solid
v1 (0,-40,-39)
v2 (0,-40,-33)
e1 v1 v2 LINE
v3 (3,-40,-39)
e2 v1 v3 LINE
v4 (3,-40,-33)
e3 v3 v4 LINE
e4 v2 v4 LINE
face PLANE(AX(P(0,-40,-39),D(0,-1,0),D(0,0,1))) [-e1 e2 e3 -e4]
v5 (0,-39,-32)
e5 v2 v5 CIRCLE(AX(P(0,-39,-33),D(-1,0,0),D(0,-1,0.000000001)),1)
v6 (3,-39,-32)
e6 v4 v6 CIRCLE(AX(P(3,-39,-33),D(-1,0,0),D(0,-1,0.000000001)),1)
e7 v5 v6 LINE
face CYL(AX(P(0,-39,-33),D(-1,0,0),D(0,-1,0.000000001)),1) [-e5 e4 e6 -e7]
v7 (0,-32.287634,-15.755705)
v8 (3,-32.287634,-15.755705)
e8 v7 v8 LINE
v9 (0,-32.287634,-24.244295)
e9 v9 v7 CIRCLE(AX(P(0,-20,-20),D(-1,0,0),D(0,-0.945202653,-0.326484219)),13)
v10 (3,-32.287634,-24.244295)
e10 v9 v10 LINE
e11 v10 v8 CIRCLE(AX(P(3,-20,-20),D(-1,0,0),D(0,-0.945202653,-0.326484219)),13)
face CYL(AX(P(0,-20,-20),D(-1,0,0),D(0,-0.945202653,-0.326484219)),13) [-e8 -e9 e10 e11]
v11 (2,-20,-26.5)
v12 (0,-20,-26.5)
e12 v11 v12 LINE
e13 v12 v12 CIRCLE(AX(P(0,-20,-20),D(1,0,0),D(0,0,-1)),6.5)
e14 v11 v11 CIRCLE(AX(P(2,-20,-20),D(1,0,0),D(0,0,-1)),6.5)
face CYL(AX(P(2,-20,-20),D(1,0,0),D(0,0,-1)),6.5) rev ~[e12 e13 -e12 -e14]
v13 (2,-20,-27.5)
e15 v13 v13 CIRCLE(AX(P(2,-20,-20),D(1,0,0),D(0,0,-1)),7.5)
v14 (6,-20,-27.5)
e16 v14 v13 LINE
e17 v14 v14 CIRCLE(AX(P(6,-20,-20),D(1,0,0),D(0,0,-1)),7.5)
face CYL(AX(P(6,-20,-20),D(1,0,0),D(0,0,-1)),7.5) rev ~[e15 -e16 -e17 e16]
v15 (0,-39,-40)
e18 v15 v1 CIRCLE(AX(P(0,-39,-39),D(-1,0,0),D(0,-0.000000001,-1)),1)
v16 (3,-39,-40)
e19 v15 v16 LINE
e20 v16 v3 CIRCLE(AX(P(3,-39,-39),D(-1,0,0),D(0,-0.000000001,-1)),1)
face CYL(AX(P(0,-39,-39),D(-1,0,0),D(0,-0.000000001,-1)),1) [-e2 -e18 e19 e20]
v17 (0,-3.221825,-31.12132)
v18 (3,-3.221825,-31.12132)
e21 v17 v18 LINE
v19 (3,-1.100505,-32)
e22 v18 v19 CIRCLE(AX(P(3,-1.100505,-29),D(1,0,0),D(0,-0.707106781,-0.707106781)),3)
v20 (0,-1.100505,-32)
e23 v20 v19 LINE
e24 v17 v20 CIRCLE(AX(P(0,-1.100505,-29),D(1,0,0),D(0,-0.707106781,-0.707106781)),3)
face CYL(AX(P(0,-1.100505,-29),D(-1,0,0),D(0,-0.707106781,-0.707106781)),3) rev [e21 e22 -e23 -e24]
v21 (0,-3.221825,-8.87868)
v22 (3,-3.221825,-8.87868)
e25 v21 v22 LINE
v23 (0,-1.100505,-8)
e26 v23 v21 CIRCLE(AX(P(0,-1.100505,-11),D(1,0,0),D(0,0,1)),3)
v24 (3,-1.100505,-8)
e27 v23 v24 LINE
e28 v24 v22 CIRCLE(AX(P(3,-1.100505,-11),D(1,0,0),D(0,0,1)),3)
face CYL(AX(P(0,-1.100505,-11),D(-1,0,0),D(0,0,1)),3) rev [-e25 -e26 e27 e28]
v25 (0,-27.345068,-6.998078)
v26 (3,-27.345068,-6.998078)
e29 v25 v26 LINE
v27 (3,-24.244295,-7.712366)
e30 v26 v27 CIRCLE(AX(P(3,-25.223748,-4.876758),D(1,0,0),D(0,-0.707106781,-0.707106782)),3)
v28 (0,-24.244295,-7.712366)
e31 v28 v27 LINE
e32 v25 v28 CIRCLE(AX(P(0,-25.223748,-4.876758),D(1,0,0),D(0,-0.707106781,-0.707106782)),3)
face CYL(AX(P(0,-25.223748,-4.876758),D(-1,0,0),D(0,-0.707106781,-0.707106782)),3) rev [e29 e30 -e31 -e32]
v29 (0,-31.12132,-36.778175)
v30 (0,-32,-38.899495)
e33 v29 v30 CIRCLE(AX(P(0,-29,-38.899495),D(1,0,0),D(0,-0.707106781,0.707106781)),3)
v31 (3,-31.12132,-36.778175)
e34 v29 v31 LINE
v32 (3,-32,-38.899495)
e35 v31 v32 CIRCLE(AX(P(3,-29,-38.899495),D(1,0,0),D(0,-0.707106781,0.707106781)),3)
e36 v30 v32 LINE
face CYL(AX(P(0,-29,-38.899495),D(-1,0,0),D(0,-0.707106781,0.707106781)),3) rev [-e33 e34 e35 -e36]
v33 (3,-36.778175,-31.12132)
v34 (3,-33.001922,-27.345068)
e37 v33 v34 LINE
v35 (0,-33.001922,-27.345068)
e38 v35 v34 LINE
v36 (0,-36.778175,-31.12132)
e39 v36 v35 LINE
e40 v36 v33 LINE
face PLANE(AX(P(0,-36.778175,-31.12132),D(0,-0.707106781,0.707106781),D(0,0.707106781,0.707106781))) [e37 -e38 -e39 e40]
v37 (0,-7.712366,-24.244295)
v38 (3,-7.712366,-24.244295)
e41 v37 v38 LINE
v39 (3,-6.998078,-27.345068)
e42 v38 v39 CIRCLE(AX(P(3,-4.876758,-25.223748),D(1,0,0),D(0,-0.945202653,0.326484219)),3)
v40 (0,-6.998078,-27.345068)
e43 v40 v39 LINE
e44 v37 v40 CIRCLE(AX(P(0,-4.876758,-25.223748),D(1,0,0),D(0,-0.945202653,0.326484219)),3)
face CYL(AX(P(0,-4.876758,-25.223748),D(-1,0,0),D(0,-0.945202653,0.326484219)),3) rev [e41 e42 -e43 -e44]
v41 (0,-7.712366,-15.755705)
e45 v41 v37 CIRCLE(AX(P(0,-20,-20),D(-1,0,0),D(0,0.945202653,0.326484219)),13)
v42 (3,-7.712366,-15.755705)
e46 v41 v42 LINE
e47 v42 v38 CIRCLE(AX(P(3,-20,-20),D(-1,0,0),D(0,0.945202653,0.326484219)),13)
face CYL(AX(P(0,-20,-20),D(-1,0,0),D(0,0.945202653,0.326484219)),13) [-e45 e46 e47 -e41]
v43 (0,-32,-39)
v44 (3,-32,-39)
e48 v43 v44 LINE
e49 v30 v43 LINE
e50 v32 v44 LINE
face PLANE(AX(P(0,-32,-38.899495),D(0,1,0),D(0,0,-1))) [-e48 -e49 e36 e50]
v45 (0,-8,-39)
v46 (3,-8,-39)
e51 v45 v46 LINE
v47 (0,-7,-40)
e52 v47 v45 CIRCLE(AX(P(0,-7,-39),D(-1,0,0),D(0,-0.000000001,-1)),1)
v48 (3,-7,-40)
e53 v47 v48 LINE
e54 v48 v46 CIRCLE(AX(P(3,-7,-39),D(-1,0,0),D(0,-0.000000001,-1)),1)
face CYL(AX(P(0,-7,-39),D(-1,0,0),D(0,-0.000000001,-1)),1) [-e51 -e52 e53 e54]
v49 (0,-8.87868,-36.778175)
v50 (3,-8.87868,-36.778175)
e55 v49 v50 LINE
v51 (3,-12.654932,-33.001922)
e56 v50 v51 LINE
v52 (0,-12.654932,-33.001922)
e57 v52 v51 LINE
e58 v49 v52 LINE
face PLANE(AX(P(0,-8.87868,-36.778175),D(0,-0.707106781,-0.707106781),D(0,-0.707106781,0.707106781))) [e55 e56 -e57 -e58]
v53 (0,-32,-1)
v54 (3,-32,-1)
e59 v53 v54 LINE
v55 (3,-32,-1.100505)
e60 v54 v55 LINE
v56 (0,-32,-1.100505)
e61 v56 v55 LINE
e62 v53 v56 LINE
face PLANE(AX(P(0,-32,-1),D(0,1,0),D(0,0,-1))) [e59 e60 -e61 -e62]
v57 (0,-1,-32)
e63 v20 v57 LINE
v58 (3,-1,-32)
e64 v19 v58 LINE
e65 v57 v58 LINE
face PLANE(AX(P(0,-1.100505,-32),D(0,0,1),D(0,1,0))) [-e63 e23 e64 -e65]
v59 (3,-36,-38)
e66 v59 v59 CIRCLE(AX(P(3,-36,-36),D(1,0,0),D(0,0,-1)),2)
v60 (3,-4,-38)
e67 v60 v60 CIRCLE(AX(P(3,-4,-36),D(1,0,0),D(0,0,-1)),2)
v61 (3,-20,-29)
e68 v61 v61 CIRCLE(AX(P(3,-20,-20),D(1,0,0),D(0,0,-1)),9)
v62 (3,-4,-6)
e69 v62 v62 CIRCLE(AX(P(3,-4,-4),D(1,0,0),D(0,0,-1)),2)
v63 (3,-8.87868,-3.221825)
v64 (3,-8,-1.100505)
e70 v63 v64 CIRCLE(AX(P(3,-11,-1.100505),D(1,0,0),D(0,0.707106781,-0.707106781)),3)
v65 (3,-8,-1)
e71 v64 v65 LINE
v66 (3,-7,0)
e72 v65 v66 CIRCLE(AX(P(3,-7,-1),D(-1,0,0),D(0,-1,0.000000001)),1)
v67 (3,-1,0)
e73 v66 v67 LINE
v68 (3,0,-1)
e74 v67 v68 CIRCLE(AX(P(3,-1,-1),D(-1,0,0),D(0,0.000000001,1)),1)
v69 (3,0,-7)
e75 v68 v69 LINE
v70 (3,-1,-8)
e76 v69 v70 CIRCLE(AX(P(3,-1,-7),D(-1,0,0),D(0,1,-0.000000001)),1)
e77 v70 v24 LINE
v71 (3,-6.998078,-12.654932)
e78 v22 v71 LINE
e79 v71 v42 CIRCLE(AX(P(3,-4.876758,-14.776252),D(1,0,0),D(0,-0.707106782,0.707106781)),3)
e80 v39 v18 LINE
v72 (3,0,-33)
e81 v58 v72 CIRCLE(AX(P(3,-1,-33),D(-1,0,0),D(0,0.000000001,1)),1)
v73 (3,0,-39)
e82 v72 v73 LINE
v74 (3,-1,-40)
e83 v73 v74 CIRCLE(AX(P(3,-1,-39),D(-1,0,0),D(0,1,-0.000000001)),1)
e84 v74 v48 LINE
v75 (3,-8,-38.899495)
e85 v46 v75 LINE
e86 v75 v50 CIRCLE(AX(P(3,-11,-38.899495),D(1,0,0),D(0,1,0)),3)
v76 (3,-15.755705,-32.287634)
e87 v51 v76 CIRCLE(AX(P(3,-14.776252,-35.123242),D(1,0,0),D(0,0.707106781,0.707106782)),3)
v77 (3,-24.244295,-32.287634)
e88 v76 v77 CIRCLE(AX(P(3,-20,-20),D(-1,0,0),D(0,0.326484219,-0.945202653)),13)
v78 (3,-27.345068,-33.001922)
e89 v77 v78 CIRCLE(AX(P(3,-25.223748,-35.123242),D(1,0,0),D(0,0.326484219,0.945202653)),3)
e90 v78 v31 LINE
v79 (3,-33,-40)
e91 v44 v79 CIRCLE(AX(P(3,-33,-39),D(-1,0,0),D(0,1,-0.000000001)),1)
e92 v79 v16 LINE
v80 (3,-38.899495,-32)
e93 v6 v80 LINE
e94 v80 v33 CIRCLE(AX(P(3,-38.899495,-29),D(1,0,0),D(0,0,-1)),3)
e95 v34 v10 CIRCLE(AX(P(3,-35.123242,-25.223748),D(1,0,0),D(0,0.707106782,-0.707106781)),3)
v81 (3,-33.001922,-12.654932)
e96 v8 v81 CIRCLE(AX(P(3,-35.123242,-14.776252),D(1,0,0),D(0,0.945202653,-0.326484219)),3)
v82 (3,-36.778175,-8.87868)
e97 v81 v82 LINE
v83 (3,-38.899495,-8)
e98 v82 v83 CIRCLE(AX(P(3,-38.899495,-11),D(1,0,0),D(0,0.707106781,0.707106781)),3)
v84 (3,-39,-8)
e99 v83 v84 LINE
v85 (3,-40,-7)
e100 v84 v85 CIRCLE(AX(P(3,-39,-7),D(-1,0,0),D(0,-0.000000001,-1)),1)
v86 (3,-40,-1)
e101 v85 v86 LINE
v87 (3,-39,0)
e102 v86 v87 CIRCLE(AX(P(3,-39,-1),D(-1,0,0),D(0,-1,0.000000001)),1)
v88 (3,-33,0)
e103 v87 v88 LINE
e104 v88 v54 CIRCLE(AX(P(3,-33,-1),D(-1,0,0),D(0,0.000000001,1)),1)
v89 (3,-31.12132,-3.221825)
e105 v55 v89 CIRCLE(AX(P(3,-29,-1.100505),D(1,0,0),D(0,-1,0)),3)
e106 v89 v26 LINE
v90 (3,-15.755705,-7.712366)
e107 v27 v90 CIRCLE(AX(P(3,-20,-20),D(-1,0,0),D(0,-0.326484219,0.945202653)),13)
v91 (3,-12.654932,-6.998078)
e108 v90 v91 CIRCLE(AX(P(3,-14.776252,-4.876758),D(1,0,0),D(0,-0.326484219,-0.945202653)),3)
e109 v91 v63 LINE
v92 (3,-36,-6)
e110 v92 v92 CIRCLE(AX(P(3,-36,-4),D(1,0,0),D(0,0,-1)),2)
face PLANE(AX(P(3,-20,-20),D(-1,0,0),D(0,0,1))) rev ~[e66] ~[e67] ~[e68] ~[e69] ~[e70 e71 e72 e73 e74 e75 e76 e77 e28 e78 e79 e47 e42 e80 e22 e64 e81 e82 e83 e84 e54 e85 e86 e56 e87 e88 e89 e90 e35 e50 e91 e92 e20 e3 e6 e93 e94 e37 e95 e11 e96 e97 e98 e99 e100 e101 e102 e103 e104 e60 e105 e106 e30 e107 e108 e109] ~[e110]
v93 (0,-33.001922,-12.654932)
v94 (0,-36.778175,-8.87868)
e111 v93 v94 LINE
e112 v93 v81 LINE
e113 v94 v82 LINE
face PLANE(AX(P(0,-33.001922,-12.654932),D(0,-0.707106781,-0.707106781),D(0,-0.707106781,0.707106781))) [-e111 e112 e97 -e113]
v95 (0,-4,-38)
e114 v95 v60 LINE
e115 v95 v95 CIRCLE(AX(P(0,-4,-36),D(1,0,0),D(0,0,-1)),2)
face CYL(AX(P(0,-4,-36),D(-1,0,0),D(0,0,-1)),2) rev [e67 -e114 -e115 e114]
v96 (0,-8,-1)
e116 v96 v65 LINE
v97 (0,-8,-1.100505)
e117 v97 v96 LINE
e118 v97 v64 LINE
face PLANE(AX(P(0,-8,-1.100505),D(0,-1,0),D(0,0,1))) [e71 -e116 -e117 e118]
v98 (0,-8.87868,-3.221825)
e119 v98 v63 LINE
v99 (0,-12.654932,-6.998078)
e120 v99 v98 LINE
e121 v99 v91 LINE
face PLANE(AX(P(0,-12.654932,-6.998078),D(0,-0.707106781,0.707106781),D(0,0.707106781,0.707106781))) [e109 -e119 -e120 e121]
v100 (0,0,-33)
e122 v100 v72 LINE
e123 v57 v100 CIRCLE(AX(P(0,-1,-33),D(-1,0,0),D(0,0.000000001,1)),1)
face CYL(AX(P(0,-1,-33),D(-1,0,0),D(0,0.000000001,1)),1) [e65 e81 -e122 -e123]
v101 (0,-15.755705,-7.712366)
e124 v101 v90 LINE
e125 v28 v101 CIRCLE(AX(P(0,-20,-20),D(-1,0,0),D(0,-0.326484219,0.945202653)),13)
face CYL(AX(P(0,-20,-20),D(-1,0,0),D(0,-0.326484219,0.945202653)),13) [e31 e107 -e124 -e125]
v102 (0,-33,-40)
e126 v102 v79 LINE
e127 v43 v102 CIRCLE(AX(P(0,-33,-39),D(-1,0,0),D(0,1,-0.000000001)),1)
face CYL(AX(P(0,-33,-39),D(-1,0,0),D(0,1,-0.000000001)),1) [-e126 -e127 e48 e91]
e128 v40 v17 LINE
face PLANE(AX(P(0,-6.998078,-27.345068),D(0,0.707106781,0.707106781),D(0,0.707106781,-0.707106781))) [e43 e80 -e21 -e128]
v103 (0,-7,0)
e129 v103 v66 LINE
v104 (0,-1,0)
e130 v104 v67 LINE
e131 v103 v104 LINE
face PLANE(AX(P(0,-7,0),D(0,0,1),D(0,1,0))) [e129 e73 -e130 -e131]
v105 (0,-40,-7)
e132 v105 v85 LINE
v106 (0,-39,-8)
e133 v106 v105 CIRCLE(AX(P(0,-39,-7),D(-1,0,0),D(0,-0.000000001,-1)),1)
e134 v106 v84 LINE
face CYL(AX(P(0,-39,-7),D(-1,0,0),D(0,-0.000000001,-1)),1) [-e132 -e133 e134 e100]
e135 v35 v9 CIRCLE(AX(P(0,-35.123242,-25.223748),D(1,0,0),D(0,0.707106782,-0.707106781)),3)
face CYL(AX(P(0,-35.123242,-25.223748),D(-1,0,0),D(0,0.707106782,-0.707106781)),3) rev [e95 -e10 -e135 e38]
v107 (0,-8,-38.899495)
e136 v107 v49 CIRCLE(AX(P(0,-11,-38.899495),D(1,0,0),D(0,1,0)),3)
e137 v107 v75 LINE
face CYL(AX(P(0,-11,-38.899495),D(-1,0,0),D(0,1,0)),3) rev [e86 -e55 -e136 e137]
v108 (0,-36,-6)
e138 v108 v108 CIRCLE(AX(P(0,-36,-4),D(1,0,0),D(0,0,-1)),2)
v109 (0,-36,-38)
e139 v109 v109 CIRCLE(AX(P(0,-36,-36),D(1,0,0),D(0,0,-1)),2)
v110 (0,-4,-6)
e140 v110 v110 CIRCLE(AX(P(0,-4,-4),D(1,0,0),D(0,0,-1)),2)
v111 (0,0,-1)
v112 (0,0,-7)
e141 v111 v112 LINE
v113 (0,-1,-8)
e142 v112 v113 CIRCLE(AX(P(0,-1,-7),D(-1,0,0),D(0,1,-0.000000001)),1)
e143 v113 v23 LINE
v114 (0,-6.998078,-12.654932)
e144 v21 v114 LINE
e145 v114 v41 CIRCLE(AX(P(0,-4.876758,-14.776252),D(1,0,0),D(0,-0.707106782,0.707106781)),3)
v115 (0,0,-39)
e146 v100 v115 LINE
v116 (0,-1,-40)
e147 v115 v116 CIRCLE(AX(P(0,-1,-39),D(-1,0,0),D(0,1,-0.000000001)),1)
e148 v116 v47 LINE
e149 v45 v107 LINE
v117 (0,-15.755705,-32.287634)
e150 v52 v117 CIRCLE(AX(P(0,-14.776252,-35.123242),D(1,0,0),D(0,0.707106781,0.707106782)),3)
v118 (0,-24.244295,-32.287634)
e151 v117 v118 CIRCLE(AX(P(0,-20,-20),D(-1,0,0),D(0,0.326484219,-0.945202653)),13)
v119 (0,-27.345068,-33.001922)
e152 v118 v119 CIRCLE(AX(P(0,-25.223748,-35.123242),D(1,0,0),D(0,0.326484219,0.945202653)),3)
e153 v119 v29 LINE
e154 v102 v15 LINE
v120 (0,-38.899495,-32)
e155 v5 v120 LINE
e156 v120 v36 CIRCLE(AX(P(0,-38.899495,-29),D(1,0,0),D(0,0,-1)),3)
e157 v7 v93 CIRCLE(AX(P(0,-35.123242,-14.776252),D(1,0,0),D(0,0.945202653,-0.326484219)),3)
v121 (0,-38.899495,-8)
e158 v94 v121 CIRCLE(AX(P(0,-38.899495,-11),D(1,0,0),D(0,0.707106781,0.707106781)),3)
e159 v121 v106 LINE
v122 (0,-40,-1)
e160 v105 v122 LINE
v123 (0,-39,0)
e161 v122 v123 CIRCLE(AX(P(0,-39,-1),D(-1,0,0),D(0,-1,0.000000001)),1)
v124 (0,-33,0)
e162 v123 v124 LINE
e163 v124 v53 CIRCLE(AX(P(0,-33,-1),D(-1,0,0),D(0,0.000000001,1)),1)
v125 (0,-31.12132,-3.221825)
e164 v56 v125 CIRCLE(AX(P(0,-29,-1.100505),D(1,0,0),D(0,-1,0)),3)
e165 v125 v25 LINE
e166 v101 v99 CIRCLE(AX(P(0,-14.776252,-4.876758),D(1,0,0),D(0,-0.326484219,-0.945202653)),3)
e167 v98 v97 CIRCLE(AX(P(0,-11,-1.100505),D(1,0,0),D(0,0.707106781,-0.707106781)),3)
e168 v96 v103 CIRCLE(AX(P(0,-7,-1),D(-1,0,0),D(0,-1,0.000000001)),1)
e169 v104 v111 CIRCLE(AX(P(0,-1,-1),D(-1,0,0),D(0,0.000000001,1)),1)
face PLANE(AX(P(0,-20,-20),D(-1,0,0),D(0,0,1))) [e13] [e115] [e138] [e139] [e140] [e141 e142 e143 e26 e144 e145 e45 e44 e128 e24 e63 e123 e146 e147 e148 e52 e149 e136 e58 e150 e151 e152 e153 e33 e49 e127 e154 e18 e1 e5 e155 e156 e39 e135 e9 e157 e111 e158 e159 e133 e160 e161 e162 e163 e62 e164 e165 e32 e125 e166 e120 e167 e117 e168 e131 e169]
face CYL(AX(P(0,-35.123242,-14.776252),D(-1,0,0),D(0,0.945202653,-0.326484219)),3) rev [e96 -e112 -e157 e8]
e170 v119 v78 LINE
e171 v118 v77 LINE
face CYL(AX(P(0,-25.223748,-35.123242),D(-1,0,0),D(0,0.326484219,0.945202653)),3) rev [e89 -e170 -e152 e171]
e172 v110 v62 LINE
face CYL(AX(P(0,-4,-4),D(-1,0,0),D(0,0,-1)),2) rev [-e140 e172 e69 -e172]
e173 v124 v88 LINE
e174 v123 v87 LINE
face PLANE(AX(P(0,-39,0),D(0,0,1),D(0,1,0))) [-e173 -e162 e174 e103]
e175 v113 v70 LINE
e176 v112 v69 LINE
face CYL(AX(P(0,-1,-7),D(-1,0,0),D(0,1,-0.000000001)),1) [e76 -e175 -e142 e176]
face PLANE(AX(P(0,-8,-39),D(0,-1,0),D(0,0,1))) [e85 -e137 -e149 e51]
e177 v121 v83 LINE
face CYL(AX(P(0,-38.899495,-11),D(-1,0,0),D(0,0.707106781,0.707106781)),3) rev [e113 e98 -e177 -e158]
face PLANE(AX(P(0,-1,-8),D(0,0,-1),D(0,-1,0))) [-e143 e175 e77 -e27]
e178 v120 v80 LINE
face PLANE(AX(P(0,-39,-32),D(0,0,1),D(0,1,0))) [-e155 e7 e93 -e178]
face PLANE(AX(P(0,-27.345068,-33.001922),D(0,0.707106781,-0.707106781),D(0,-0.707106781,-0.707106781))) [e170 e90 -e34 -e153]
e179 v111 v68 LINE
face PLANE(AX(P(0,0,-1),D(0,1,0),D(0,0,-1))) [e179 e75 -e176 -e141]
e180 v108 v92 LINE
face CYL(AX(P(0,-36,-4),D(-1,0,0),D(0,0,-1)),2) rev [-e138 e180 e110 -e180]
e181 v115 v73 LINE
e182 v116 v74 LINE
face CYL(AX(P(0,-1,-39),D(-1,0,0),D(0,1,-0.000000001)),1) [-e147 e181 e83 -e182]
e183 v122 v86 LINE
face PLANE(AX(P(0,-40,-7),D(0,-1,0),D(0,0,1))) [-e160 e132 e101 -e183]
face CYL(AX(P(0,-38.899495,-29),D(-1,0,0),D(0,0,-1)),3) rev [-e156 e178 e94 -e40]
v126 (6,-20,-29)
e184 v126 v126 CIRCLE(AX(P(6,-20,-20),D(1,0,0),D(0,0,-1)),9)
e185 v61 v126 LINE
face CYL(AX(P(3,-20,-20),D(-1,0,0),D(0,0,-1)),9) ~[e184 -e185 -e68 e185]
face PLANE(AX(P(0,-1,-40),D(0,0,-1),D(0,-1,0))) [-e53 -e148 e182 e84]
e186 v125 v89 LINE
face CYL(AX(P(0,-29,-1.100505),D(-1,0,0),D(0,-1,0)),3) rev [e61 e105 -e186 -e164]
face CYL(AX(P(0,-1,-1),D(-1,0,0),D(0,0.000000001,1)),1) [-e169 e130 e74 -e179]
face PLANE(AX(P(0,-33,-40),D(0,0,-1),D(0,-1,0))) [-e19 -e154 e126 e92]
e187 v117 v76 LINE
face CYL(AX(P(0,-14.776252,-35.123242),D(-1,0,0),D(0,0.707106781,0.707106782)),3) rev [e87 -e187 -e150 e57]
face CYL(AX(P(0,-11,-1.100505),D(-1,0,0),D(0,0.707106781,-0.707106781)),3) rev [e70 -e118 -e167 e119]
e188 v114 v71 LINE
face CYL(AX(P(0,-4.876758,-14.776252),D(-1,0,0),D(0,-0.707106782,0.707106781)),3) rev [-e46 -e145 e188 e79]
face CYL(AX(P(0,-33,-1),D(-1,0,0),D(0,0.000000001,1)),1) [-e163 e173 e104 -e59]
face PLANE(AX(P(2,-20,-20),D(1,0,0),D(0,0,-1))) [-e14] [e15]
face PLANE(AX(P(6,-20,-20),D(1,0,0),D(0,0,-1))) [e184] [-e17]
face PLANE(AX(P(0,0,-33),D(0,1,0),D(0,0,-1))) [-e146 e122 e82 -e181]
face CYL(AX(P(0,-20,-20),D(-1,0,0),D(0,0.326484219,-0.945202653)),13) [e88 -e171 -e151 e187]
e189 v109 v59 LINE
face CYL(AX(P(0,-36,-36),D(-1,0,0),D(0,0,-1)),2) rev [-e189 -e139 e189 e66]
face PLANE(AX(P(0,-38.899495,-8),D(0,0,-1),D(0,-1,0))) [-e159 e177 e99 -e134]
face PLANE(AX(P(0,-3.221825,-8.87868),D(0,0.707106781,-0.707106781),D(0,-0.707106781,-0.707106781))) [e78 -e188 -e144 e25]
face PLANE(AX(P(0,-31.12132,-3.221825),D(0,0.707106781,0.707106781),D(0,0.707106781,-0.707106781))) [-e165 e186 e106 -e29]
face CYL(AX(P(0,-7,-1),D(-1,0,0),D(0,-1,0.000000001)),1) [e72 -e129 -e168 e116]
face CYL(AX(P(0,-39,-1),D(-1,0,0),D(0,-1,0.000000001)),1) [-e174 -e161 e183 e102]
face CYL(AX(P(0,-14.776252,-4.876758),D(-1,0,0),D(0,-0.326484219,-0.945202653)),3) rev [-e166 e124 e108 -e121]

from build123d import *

# Parameters (mm, degrees)
SKETCH_1_R          = 2
EXTRUDE_1_DEPTH     = 3
SKETCH_2_R          = 9
EXTRUDE_2_DEPTH     = 3
SKETCH_3_R          = 7.5
CUT_EXTRUDE_1_DEPTH = 4
SKETCH_4_R          = 6.5
CUT_EXTRUDE_2_DEPTH = 57.709787515


with BuildPart() as part:
    # 草图1 → 凸台-拉伸1 (new body)
    with BuildSketch(Plane(origin=(0, 0, 0), x_dir=(0, 0, -1), z_dir=(1, 0, 0))):
        with BuildLine():
            Line((1, 0), (7, 0))
            ThreePointArc((7, 0), (7.707106781, -0.292893219), (8, -1))
            Line((8, -1), (8, -1.100505063))
            ThreePointArc((8, -1.100505063), (8.228361402, -2.24855536), (8.878679656, -3.221825407))
            Line((8.878679656, -3.221825407), (12.65493215, -6.998077901))
            ThreePointArc((12.65493215, -6.998077901), (14.102815672, -7.800194378), (15.755705151, -7.712365515))
            ThreePointArc((15.755705151, -7.712365515), (20, -7), (24.244294849, -7.712365515))
            ThreePointArc((24.244294849, -7.712365515), (25.897184328, -7.800194378), (27.34506785, -6.998077901))
            Line((27.34506785, -6.998077901), (31.121320344, -3.221825407))
            ThreePointArc((31.121320344, -3.221825407), (31.771638598, -2.24855536), (32, -1.100505063))
            Line((32, -1.100505063), (32, -1))
            ThreePointArc((32, -1), (32.292893219, -0.292893219), (33, 0))
            Line((33, 0), (39, 0))
            ThreePointArc((39, 0), (39.707106781, -0.292893219), (40, -1))
            Line((40, -1), (40, -7))
            ThreePointArc((40, -7), (39.707106781, -7.707106781), (39, -8))
            Line((39, -8), (38.899494937, -8))
            ThreePointArc((38.899494937, -8), (37.75144464, -8.228361402), (36.778174593, -8.878679656))
            Line((36.778174593, -8.878679656), (33.001922099, -12.65493215))
            ThreePointArc((33.001922099, -12.65493215), (32.199805622, -14.102815672), (32.287634485, -15.755705151))
            ThreePointArc((32.287634485, -15.755705151), (33, -20), (32.287634485, -24.244294849))
            ThreePointArc((32.287634485, -24.244294849), (32.199805622, -25.897184328), (33.001922099, -27.34506785))
            Line((33.001922099, -27.34506785), (36.778174593, -31.121320344))
            ThreePointArc((36.778174593, -31.121320344), (37.75144464, -31.771638598), (38.899494937, -32))
            Line((38.899494937, -32), (39, -32))
            ThreePointArc((39, -32), (39.707106781, -32.292893219), (40, -33))
            Line((40, -33), (40, -39))
            ThreePointArc((40, -39), (39.707106781, -39.707106781), (39, -40))
            Line((39, -40), (33, -40))
            ThreePointArc((33, -40), (32.292893219, -39.707106781), (32, -39))
            Line((32, -39), (32, -38.899494937))
            ThreePointArc((32, -38.899494937), (31.771638598, -37.75144464), (31.121320344, -36.778174593))
            Line((31.121320344, -36.778174593), (27.34506785, -33.001922099))
            ThreePointArc((27.34506785, -33.001922099), (25.897184328, -32.199805622), (24.244294849, -32.287634485))
            ThreePointArc((24.244294849, -32.287634485), (20, -33), (15.755705151, -32.287634485))
            ThreePointArc((15.755705151, -32.287634485), (14.102815672, -32.199805622), (12.65493215, -33.001922099))
            Line((12.65493215, -33.001922099), (8.878679656, -36.778174593))
            ThreePointArc((8.878679656, -36.778174593), (8.228361402, -37.75144464), (8, -38.899494937))
            Line((8, -38.899494937), (8, -39))
            ThreePointArc((8, -39), (7.707106781, -39.707106781), (7, -40))
            Line((7, -40), (1, -40))
            ThreePointArc((1, -40), (0.292893219, -39.707106781), (0, -39))
            Line((0, -39), (0, -33))
            ThreePointArc((0, -33), (0.292893219, -32.292893219), (1, -32))
            Line((1, -32), (1.100505063, -32))
            ThreePointArc((1.100505063, -32), (2.24855536, -31.771638598), (3.221825407, -31.121320344))
            Line((3.221825407, -31.121320344), (6.998077901, -27.34506785))
            ThreePointArc((6.998077901, -27.34506785), (7.800194378, -25.897184328), (7.712365515, -24.244294849))
            ThreePointArc((7.712365515, -24.244294849), (7, -20), (7.712365515, -15.755705151))
            ThreePointArc((7.712365515, -15.755705151), (7.800194378, -14.102815672), (6.998077901, -12.65493215))
            Line((6.998077901, -12.65493215), (3.221825407, -8.878679656))
            ThreePointArc((3.221825407, -8.878679656), (2.24855536, -8.228361402), (1.100505063, -8))
            Line((1.100505063, -8), (1, -8))
            ThreePointArc((1, -8), (0.292893219, -7.707106781), (0, -7))
            Line((0, -7), (0, -1))
            ThreePointArc((0, -1), (0.292893219, -0.292893219), (1, 0))
        make_face()
        with Locations((4, -4)):
            Circle(SKETCH_1_R, mode=Mode.SUBTRACT)
        with Locations((36, -4)):
            Circle(SKETCH_1_R, mode=Mode.SUBTRACT)
        with Locations((4, -36)):
            Circle(SKETCH_1_R, mode=Mode.SUBTRACT)
        with Locations((36, -36)):
            Circle(SKETCH_1_R, mode=Mode.SUBTRACT)
    extrude(amount=EXTRUDE_1_DEPTH)

    # 草图2 → 凸台-拉伸2 (add)
    with BuildSketch(Plane(origin=(3, 0, 0), x_dir=(0, 0, -1), z_dir=(1, 0, 0))):
        with Locations((20, -20)):
            Circle(SKETCH_2_R)
    extrude(amount=EXTRUDE_2_DEPTH)

    # 草图3 → 切除-拉伸1 (cut)
    with BuildSketch(Plane(origin=(6, 0, 0), x_dir=(0, 0, -1), z_dir=(1, 0, 0))):
        with Locations((20, -20)):
            Circle(SKETCH_3_R)
    extrude(amount=-CUT_EXTRUDE_1_DEPTH, mode=Mode.SUBTRACT)

    # 草图4 → 切除-拉伸2 (cut, through all)
    with BuildSketch(Plane(origin=(2, 0, 0), x_dir=(0, 0, -1), z_dir=(1, 0, 0))):
        with Locations((20, -20)):
            Circle(SKETCH_4_R)
    extrude(amount=-CUT_EXTRUDE_2_DEPTH, mode=Mode.SUBTRACT)


solid = part.part
